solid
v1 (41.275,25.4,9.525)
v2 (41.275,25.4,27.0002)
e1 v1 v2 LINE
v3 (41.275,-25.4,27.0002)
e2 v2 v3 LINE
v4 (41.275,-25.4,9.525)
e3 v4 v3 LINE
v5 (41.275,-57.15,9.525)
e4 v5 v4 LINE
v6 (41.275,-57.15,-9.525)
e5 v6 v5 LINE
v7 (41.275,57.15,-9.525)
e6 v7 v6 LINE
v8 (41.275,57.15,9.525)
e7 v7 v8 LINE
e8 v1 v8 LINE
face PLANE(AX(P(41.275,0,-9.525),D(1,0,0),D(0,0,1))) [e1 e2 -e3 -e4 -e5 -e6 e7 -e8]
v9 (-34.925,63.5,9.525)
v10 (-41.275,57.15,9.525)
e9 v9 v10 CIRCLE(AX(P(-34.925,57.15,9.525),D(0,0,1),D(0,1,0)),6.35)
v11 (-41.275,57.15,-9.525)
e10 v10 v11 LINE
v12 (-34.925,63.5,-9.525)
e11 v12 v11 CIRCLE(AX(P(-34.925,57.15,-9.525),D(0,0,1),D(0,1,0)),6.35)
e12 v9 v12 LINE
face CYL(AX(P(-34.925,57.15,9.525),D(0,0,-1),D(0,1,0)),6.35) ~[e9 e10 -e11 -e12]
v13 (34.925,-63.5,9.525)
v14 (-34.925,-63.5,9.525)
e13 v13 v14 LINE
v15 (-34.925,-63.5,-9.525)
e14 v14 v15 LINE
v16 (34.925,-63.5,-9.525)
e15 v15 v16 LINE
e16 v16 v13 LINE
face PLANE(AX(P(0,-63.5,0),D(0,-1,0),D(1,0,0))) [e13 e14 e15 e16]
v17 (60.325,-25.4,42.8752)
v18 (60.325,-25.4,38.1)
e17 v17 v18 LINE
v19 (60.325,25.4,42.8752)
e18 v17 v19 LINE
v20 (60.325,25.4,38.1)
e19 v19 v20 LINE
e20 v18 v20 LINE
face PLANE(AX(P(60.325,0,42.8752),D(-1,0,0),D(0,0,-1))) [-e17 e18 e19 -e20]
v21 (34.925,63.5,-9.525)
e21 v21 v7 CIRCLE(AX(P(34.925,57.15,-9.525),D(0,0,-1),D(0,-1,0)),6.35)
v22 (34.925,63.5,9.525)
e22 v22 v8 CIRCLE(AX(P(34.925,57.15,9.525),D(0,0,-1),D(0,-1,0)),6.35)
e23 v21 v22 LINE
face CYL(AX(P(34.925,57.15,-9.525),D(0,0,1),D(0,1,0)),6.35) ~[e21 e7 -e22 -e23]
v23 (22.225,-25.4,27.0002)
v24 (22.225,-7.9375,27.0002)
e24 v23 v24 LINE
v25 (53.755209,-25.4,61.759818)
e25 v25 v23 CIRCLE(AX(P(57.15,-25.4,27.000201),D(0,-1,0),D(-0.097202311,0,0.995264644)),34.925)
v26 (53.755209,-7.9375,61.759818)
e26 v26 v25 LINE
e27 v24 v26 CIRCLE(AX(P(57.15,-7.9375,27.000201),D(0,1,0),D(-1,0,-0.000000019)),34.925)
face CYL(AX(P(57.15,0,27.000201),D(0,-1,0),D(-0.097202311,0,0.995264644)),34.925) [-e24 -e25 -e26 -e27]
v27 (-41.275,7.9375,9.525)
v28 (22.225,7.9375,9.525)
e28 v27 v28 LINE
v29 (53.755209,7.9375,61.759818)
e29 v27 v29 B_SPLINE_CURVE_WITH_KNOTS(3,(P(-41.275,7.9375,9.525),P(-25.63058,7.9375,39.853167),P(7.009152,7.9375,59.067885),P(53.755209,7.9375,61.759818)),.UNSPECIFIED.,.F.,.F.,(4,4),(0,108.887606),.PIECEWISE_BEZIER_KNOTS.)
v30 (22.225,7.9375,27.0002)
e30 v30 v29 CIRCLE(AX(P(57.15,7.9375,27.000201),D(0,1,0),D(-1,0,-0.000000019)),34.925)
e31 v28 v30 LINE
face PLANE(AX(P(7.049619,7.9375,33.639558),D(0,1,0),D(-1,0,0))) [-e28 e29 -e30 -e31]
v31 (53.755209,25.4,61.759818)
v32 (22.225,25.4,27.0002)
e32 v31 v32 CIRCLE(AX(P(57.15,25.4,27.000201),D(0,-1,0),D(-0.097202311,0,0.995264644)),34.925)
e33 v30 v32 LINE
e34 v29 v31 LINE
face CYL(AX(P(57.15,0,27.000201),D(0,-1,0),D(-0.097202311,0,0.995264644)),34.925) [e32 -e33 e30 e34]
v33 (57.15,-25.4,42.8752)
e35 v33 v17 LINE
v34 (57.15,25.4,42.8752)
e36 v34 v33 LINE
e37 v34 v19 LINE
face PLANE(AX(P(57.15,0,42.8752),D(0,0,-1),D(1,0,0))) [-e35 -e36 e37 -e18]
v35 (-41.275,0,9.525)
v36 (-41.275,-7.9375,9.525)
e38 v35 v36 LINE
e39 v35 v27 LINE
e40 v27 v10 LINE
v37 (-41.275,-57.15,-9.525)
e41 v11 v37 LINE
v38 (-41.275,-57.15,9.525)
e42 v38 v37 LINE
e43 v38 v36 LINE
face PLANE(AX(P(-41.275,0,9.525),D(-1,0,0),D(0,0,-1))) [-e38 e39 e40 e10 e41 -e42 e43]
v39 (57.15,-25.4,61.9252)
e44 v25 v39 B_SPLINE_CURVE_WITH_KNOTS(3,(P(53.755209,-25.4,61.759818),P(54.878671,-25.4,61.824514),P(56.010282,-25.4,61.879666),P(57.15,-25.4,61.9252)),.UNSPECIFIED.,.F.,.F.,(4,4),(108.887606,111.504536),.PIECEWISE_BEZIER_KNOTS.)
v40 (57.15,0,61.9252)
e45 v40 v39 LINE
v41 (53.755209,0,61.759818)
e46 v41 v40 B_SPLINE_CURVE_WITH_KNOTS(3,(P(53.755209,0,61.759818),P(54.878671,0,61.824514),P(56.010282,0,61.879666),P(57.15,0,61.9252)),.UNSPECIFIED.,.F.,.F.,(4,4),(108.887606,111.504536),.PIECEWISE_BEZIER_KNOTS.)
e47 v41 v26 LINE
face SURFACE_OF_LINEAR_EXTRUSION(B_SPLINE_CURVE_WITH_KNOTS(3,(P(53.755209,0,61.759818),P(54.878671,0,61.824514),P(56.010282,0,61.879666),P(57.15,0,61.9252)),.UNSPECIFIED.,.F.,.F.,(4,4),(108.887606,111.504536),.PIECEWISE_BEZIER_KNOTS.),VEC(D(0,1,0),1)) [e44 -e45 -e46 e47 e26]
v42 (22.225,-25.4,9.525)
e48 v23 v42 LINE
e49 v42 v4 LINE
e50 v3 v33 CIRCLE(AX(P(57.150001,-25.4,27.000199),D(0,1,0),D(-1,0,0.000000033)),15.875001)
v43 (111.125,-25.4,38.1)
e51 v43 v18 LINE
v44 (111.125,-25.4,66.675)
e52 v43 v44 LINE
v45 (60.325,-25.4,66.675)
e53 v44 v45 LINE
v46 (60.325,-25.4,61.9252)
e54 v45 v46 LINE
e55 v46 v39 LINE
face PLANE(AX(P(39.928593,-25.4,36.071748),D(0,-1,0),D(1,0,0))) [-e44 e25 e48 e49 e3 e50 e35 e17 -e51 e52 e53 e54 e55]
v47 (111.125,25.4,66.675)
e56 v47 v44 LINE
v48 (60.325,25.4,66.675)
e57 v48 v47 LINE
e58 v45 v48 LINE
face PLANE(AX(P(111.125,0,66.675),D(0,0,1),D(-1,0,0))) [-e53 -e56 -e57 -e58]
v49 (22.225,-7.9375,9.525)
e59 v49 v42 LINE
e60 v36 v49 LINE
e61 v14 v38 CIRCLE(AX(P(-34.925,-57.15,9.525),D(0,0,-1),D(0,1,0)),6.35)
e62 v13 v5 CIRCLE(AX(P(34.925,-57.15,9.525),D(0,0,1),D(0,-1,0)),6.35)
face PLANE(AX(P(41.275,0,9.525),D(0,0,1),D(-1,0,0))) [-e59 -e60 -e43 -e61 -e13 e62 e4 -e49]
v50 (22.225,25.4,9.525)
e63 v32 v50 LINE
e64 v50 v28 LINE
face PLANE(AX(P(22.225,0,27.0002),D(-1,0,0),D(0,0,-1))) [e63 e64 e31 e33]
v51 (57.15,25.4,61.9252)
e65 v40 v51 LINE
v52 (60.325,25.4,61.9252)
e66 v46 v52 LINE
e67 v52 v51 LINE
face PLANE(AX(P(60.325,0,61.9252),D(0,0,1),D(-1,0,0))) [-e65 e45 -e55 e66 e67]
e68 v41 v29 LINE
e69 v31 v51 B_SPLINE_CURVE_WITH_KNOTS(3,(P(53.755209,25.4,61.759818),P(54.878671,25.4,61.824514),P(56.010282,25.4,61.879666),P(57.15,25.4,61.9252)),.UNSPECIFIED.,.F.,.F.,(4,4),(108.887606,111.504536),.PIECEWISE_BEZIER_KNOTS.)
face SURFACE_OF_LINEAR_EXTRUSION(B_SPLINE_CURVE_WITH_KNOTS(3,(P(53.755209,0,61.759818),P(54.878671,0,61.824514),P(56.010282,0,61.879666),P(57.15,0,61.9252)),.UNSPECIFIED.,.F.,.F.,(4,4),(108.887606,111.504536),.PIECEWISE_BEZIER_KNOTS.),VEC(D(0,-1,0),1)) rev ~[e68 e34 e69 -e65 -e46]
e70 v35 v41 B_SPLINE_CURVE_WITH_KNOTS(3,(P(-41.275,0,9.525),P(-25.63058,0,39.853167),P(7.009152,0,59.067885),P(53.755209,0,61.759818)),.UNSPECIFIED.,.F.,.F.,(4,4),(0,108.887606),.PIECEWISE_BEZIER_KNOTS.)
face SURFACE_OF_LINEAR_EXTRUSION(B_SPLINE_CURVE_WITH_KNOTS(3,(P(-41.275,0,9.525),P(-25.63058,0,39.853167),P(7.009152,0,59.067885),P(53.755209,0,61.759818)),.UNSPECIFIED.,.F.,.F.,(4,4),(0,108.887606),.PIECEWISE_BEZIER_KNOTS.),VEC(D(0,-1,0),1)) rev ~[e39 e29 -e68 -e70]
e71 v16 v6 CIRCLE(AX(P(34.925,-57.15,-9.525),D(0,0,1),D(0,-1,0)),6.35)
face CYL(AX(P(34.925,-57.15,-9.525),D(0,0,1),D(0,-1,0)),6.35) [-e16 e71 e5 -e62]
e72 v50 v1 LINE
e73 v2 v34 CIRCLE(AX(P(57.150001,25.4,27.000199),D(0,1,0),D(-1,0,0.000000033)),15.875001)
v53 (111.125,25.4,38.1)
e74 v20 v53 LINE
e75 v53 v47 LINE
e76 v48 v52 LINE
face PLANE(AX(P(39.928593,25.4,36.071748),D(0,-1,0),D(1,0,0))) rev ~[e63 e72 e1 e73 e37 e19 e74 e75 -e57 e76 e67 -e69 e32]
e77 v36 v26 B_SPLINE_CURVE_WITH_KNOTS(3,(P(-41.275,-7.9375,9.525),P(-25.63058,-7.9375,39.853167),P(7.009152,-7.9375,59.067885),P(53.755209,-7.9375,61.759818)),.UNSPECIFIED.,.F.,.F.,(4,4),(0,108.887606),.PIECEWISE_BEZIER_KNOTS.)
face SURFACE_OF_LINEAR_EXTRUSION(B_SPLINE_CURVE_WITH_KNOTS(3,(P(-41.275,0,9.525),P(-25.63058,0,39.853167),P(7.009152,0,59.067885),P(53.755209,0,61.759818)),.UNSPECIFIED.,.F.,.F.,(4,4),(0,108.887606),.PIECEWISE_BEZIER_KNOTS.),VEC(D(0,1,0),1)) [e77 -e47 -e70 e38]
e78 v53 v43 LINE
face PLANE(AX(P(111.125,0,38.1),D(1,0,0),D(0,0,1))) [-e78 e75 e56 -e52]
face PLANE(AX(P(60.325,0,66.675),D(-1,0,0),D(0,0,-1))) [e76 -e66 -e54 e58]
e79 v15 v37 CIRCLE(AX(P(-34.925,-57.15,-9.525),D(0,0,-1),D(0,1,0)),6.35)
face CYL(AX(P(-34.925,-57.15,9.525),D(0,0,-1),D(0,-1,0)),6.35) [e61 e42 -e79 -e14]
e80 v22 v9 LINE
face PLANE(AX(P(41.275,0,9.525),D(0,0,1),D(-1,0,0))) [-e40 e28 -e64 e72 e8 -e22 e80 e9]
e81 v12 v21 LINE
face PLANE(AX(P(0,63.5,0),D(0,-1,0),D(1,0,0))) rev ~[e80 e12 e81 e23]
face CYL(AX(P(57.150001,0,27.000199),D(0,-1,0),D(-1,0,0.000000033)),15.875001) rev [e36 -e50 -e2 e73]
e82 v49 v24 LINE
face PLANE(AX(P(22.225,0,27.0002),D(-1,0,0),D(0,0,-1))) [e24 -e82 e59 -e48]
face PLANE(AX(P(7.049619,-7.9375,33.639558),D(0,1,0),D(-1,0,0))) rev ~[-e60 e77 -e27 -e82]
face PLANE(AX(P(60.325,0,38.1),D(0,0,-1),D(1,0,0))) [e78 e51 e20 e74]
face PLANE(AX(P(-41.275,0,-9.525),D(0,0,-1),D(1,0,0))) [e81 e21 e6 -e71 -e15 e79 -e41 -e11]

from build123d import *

# Parameters (mm, degrees)
F1_DEPTH = 63.5
F0_W     = 25.4
F0_H     = 28.575
F2_DEPTH = 25.4
F3_DEPTH = 7.9375
F5_R     = 6.35


with BuildPart() as f1:
    # F0 (on Front) → F1 (new body, symmetric)
    with BuildSketch(Plane.XZ):
        Polygon((22.225, 9.525), (-41.275, 9.525), (-41.275, -9.525), (41.275, -9.525), (41.275, 9.525), align=None)
    extrude(amount=F1_DEPTH, both=True)

    # F0 (on Front) → F2 (join, symmetric)
    with BuildSketch(Plane.XZ):
        with BuildLine():
            Line((22.225, 27.0002), (22.225, 9.525))
            Line((22.225, 9.525), (41.275, 9.525))
            Line((41.275, 9.525), (41.275, 27.0002))
            ThreePointArc((41.275, 27.0002), (45.92468, 38.22552), (57.15, 42.8752))
            Line((57.15, 42.8752), (60.325, 42.8752))
            Line((60.325, 42.8752), (60.325, 55.5752))
            Line((60.325, 55.5752), (60.325, 61.9252))
            Line((60.325, 61.9252), (57.15, 61.9252))
            add(Edge.make_bspline(
                [(53.755209, 61.759818), (54.878671, 61.824514), (56.010282, 61.879666), (57.15, 61.9252)],
                knots=[108.887606, 108.887606, 108.887606, 108.887606, 111.504536, 111.504536, 111.504536, 111.504536], degree=3))
            ThreePointArc((53.755209, 61.759818), (31.281885, 50.464988), (22.225, 27.0002))
        make_face()
        Polygon((60.325, 66.675), (60.325, 61.9252), (60.325, 55.5752), (60.325, 42.8752), (60.325, 38.1), (85.725, 38.1), (85.725, 66.675), align=None)
        with Locations((98.425, 52.3875)):
            Rectangle(F0_W, F0_H)
    extrude(amount=F2_DEPTH, both=True)

    # F0 (on Front) → F3 (join, symmetric)
    with BuildSketch(Plane.XZ):
        with BuildLine():
            add(Edge.make_bspline(
                [(-41.275, 9.525), (-25.63058, 39.853167), (7.009152, 59.067885), (53.755209, 61.759818)],
                knots=[0, 0, 0, 0, 108.887606, 108.887606, 108.887606, 108.887606], degree=3))
            Line((-41.275, 9.525), (22.225, 9.525))
            Line((22.225, 9.525), (22.225, 27.0002))
            ThreePointArc((22.225, 27.0002), (31.281885, 50.464988), (53.755209, 61.759818))
        make_face()
    extrude(amount=F3_DEPTH, both=True)

    # F0 (on Front) → F4 (revolve)
    with BuildSketch(Plane.XZ):
        with Locations((98.425, 52.3875)):
            Rectangle(F0_W, F0_H)
    revolve(axis=Axis((85.725, 0, 52.3875), (0, 0, -1)))

    # F5
    f5_edges = [f1.edges().sort_by_distance(p)[0] for p in [
        (41.275, -63.5, 0),
        (41.275, 63.5, 0),
        (-41.275, -63.5, 0),
        (-41.275, 63.5, 0),
    ]]
    fillet(f5_edges, radius=F5_R)


solid = f1.part
